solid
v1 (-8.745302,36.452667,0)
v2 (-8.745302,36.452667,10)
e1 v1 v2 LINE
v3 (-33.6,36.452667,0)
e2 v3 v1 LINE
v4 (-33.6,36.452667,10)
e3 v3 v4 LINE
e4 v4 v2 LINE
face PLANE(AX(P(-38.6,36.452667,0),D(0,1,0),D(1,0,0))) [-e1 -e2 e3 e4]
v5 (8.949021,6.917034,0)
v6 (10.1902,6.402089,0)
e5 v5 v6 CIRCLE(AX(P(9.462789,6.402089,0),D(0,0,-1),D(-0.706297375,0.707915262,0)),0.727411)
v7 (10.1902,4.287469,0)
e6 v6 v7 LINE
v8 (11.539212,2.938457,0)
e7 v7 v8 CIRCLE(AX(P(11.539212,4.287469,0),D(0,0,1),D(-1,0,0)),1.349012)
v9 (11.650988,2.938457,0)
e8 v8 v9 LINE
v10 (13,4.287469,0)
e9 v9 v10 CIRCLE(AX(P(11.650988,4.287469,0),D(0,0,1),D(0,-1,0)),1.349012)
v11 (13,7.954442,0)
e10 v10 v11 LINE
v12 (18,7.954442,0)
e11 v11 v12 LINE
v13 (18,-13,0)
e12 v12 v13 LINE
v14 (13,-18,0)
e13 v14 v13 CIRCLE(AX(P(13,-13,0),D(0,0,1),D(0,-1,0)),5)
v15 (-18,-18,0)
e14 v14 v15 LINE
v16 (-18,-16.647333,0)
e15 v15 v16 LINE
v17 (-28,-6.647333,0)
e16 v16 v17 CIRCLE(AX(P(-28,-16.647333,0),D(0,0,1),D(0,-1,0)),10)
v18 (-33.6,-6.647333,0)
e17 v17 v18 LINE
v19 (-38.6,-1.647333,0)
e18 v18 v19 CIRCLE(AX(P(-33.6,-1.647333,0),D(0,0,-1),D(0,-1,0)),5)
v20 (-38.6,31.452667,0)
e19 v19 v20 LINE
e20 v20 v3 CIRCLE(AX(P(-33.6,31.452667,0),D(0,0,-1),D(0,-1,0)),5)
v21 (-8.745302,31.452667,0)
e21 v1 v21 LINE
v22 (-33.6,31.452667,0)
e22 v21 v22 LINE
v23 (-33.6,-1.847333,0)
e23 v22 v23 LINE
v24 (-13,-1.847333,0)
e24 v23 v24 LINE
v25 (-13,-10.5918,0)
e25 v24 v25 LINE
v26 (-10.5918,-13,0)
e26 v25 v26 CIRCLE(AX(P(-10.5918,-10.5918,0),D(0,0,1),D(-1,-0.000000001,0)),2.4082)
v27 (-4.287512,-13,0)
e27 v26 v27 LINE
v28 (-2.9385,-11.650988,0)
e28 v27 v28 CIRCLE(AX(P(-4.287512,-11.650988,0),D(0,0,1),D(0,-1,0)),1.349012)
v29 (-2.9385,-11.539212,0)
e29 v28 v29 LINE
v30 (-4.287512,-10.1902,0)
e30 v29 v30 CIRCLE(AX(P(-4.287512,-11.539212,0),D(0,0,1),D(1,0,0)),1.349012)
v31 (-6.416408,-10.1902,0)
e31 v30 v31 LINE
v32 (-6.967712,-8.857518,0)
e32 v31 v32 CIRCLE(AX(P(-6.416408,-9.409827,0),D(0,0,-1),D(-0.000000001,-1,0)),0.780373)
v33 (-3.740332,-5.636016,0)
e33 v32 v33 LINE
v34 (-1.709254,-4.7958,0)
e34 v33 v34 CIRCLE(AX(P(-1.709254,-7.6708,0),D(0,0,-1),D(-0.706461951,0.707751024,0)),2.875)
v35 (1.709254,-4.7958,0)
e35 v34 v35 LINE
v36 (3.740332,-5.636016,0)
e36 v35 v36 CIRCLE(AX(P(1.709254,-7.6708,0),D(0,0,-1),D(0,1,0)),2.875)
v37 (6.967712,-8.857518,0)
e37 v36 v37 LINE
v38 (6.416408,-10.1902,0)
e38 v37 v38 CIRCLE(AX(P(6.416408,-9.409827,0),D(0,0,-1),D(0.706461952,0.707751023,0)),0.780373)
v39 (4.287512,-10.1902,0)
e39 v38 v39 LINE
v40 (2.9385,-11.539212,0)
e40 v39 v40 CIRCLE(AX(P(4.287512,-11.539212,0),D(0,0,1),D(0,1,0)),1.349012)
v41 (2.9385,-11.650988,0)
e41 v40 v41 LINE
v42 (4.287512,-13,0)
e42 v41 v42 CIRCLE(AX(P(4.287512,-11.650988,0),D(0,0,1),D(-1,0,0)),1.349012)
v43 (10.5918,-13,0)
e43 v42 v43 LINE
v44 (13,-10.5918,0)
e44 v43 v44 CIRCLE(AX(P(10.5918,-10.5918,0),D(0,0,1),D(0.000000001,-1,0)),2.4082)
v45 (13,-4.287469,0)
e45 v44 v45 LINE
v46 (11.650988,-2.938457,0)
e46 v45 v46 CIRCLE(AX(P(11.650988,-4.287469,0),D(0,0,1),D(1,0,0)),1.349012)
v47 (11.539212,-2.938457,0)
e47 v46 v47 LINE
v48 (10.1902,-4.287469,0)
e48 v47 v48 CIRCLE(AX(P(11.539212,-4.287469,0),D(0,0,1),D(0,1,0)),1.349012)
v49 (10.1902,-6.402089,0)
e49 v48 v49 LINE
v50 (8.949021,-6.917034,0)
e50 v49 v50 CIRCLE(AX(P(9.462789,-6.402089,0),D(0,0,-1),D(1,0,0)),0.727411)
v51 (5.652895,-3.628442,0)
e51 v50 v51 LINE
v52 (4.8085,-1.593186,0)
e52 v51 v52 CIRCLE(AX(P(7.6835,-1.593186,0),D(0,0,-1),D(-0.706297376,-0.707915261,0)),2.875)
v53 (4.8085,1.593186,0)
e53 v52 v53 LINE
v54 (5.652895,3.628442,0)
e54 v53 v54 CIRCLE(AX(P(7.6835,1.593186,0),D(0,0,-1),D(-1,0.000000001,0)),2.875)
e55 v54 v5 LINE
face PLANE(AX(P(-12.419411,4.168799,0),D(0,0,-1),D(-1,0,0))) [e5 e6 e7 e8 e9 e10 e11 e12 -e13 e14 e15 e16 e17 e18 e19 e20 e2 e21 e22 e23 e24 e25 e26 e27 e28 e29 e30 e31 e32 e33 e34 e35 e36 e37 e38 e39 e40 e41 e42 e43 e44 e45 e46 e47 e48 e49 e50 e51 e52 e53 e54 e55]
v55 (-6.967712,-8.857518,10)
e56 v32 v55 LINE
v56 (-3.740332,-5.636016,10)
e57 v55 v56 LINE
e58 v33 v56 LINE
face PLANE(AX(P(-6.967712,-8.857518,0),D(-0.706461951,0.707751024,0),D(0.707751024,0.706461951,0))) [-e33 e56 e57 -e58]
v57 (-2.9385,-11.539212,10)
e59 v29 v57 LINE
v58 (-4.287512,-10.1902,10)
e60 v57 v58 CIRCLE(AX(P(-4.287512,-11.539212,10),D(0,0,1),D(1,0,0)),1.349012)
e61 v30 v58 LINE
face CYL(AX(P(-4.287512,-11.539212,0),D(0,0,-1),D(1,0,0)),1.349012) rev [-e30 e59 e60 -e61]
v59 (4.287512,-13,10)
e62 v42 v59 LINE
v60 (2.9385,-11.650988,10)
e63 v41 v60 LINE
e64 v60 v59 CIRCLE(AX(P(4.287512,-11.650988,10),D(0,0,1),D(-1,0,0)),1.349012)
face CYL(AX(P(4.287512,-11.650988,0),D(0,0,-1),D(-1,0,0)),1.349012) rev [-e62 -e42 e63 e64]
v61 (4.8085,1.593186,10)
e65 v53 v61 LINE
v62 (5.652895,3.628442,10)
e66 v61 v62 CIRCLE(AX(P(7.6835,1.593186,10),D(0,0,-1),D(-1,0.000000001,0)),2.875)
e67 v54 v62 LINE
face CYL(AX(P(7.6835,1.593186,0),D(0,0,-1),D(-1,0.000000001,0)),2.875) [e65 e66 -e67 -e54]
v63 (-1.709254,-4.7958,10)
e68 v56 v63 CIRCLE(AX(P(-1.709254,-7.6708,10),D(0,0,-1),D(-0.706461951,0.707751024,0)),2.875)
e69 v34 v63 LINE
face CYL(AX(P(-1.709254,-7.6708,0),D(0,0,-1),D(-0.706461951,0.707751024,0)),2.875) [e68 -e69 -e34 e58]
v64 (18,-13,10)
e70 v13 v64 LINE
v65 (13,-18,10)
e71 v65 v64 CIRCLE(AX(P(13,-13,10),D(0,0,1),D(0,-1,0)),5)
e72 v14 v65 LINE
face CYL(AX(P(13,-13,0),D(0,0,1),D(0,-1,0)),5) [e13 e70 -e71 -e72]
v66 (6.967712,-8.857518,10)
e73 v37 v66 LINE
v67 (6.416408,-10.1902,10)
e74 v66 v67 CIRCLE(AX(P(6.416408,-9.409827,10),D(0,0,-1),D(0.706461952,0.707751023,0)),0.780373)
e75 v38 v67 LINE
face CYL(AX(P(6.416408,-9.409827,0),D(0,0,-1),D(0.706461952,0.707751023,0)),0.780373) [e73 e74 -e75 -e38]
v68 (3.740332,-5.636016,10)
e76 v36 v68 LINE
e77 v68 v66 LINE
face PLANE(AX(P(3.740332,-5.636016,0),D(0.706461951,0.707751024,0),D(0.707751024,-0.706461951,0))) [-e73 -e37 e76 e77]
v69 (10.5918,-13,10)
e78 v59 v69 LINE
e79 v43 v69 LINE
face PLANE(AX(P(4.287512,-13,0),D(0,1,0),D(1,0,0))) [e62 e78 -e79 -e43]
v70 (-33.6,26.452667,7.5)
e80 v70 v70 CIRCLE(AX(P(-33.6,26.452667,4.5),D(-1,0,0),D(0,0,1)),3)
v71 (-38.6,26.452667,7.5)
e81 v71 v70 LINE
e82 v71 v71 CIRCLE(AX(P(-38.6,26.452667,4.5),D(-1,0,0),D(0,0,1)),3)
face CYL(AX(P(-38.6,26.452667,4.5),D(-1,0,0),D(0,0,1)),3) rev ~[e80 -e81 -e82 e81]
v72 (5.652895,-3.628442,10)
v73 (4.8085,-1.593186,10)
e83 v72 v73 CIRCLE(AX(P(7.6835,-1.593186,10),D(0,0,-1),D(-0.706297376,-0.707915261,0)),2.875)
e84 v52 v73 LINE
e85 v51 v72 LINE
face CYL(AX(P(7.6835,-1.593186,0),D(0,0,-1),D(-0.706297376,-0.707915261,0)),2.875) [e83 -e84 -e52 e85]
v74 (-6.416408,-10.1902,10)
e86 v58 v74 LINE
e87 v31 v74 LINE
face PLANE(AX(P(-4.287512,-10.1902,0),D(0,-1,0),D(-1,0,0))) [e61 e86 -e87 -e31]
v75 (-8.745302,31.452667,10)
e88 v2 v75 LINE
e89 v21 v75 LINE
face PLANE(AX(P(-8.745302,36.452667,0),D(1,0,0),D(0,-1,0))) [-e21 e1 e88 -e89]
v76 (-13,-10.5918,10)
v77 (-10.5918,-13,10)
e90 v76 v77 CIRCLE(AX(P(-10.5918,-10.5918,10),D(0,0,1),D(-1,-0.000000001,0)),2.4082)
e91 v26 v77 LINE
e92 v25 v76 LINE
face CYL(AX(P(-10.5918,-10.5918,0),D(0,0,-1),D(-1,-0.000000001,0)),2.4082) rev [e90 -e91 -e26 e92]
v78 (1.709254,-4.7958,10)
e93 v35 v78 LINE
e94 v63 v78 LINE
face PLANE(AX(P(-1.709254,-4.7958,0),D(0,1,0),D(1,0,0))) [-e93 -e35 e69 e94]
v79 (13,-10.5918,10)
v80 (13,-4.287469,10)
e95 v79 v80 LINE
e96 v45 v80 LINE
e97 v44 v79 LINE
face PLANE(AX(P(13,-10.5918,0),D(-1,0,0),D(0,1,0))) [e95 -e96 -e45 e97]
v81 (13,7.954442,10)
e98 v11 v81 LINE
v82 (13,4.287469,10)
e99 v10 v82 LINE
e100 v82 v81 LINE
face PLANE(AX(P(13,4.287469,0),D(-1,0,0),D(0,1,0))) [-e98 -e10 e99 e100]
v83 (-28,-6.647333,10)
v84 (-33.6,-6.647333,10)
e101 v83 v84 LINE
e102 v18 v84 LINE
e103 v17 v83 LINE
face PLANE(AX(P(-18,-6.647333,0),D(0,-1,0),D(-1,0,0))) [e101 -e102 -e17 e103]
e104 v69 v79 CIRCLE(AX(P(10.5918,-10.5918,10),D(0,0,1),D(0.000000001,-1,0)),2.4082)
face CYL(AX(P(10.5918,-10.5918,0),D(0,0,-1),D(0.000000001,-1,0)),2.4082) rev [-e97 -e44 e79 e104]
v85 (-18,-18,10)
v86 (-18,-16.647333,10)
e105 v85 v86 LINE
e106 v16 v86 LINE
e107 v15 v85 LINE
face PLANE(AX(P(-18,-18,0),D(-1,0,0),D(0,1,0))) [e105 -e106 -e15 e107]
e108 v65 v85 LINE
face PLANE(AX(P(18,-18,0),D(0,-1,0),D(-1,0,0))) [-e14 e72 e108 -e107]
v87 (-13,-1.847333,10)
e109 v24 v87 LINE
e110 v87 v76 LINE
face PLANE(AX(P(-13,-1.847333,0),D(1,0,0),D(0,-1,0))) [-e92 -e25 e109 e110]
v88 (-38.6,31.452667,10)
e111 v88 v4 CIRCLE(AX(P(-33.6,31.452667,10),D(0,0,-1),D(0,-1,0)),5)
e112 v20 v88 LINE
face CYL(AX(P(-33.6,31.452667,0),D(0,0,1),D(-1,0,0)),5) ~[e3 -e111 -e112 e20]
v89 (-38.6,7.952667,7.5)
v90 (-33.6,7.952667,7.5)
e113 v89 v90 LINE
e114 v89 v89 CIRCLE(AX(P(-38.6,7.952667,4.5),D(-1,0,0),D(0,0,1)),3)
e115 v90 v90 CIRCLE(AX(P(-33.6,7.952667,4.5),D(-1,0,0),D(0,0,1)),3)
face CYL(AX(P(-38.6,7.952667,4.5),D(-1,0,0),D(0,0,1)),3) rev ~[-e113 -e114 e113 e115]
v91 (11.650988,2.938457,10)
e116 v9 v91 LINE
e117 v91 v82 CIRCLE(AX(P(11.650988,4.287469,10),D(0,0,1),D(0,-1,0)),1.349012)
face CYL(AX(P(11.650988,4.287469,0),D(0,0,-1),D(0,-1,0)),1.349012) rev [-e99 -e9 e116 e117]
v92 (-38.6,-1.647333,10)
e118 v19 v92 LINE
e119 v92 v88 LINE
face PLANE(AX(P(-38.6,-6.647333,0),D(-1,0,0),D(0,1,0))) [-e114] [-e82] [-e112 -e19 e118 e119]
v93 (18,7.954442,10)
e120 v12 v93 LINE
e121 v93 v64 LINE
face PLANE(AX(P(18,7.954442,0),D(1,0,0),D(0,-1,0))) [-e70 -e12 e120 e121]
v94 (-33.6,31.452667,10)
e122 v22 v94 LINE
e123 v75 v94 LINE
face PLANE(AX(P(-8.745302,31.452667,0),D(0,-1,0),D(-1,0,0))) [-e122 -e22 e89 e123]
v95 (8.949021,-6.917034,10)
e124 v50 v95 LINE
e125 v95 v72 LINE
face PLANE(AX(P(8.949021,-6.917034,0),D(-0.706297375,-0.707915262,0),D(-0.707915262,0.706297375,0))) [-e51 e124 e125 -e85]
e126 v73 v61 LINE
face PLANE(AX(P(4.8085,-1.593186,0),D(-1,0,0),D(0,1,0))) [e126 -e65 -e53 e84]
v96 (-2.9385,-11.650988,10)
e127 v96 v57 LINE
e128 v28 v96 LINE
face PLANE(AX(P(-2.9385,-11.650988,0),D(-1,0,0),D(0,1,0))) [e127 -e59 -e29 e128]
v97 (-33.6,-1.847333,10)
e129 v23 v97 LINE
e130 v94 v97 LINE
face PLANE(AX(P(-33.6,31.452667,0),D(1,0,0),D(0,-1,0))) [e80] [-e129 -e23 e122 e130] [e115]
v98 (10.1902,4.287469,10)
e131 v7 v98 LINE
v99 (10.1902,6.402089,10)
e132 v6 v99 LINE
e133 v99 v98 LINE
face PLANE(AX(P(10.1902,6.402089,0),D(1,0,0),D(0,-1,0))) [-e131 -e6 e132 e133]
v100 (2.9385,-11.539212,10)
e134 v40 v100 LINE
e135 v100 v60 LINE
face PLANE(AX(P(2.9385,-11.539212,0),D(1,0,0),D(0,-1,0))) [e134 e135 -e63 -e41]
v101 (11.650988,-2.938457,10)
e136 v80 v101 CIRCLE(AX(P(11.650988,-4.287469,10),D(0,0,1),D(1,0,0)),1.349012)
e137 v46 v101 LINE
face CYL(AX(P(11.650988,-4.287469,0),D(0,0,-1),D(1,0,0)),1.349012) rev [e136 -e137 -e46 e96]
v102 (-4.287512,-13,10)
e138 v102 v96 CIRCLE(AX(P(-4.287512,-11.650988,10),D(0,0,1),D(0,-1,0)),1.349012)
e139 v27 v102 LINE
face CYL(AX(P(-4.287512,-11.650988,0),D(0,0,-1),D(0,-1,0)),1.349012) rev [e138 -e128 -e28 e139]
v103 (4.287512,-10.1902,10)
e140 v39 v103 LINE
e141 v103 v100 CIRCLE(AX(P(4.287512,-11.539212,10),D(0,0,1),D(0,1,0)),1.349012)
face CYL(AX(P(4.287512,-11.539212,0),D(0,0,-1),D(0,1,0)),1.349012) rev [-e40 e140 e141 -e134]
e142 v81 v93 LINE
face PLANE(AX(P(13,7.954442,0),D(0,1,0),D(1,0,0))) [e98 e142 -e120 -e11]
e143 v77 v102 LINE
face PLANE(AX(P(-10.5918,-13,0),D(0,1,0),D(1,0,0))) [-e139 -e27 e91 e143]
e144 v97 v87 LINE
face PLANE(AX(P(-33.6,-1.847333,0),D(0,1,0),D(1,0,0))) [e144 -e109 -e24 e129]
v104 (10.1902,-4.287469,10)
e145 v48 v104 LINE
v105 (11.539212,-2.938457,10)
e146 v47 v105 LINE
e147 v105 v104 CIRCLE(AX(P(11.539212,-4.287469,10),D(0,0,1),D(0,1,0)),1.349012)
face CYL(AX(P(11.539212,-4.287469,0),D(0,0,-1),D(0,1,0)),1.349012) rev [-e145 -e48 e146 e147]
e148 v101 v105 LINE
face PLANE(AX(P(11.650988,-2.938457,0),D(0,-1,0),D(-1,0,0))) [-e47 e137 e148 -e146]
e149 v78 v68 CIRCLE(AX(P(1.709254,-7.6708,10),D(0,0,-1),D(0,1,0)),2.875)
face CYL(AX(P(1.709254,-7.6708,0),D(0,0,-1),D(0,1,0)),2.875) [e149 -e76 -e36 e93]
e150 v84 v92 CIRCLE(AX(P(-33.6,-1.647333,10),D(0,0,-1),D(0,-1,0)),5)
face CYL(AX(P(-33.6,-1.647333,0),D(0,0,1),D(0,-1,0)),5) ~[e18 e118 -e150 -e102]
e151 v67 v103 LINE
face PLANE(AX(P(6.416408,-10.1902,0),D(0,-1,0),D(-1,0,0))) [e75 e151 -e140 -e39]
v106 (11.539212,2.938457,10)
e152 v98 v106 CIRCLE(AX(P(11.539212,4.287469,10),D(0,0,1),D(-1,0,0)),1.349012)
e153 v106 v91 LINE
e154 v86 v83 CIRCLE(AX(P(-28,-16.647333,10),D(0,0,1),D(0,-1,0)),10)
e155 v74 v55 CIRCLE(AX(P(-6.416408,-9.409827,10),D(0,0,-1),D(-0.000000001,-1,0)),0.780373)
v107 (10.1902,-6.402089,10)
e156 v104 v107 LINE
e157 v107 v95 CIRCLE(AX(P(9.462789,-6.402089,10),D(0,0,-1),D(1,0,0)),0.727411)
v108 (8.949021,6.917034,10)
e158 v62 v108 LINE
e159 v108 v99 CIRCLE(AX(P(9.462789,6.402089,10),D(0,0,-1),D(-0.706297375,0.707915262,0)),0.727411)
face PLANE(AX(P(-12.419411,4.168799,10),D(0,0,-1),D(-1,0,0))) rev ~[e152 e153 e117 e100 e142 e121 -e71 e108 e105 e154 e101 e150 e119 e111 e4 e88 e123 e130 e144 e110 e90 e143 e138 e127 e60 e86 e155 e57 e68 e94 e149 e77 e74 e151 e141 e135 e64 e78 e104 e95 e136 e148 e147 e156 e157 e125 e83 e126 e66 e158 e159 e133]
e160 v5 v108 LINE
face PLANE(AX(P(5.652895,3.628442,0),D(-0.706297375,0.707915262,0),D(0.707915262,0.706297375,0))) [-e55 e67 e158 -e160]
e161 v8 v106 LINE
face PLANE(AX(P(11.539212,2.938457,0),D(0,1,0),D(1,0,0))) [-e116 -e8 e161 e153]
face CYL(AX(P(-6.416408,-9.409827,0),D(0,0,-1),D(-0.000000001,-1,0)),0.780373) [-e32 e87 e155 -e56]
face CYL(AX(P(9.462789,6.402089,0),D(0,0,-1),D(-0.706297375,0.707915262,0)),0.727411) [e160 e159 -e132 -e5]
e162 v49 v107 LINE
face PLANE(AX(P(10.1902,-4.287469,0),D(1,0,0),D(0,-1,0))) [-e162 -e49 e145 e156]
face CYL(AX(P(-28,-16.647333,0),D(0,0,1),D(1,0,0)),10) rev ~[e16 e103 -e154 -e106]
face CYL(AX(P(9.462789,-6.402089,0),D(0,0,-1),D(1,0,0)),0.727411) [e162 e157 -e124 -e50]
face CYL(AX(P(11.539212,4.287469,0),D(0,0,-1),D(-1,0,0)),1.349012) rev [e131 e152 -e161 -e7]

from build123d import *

# Parameters (mm, degrees)
BOSS_EXTRUDE1_DEPTH = 10
CUT_EXTRUDE1_REACH  = 70.061
SKETCH2_R           = 3
FILLET1_R           = 10
FILLET2_R           = 5


with BuildPart() as part:
    # Sketch1 → Boss-Extrude1 (new body)
    with BuildSketch(Plane.XY):
        with BuildLine():
            Line((-10.5918, -13), (-4.305880552, -13))
            Line((-4.305880552, -13), (-4.287512407, -13))
            ThreePointArc((-4.287512407, -13), (-3.333616586, -12.604883414), (-2.9385, -11.650987593))
            Line((-2.9385, -11.650987593), (-2.9385, -11.539212407))
            ThreePointArc((-2.9385, -11.539212407), (-3.333616586, -10.585316586), (-4.287512407, -10.1902))
            Line((-4.287512407, -10.1902), (-6.416408329, -10.1902))
            ThreePointArc((-6.416408329, -10.1902), (-7.137514675, -9.708134418), (-6.967711912, -8.857517813))
            Line((-6.967711912, -8.857517813), (-3.740331666, -5.636015806))
            ThreePointArc((-3.740331666, -5.636015806), (-2.808257752, -5.01414519), (-1.709253557, -4.7958))
            Line((-1.709253557, -4.7958), (1.709253557, -4.7958))
            ThreePointArc((1.709253557, -4.7958), (2.808257752, -5.01414519), (3.740331666, -5.636015806))
            Line((3.740331666, -5.636015806), (6.967711912, -8.857517813))
            ThreePointArc((6.967711912, -8.857517813), (7.137514675, -9.708134418), (6.416408329, -10.1902))
            Line((6.416408329, -10.1902), (4.287512407, -10.1902))
            ThreePointArc((4.287512407, -10.1902), (3.333616586, -10.585316586), (2.9385, -11.539212407))
            Line((2.9385, -11.539212407), (2.9385, -11.650987593))
            ThreePointArc((2.9385, -11.650987593), (3.333616586, -12.604883414), (4.287512407, -13))
            Line((4.287512407, -13), (5.321597603, -13))
            Line((5.321597603, -13), (10.5918, -13))
            ThreePointArc((10.5918, -13), (12.29465455, -12.29465455), (13, -10.5918))
            Line((13, -10.5918), (13, -5.3170836))
            Line((13, -5.3170836), (13, -4.287469289))
            ThreePointArc((13, -4.287469289), (12.604883414, -3.333573468), (11.650987593, -2.938456882))
            Line((11.650987593, -2.938456882), (11.539212407, -2.938456882))
            ThreePointArc((11.539212407, -2.938456882), (10.585316586, -3.333573468), (10.1902, -4.287469289))
            Line((10.1902, -4.287469289), (10.1902, -6.402089023))
            ThreePointArc((10.1902, -6.402089023), (9.74154152, -7.073969797), (8.94902056, -6.917034355))
            Line((8.94902056, -6.917034355), (5.652895046, -3.628441884))
            ThreePointArc((5.652895046, -3.628441884), (5.027976112, -2.694919539), (4.8085, -1.593185507))
            Line((4.8085, -1.593185507), (4.8085, 1.593185507))
            ThreePointArc((4.8085, 1.593185507), (5.027976112, 2.694919539), (5.652895046, 3.628441884))
            Line((5.652895046, 3.628441884), (8.94902056, 6.917034355))
            ThreePointArc((8.94902056, 6.917034355), (9.74154152, 7.073969797), (10.1902, 6.402089023))
            Line((10.1902, 6.402089023), (10.1902, 4.287469289))
            ThreePointArc((10.1902, 4.287469289), (10.585316586, 3.333573468), (11.539212407, 2.938456882))
            Line((11.539212407, 2.938456882), (11.650987593, 2.938456882))
            ThreePointArc((11.650987593, 2.938456882), (12.604883414, 3.333573468), (13, 4.287469289))
            Line((13, 4.287469289), (13, 5.3170836))
            Line((13, 5.3170836), (13, 7.9544418))
            Line((13, 7.9544418), (18, 7.9544418))
            Line((18, 7.9544418), (18, -18))
            Line((18, -18), (-18, -18))
            Line((-18, -18), (-18, -6.6473334))
            Line((-18, -6.6473334), (-38.6, -6.6473334))
            Line((-38.6, -6.6473334), (-38.6, 36.4526666))
            Line((-38.6, 36.4526666), (-8.745302284, 36.4526666))
            Line((-8.745302284, 36.4526666), (-8.745302284, 31.4526666))
            Line((-8.745302284, 31.4526666), (-33.6, 31.4526666))
            Line((-33.6, 31.4526666), (-33.6, -1.8473334))
            Line((-33.6, -1.8473334), (-13, -1.8473334))
            Line((-13, -1.8473334), (-13, -4.287469289))
            Line((-13, -4.287469289), (-13, -10.5918))
            ThreePointArc((-13, -10.5918), (-12.29465455, -12.29465455), (-10.5918, -13))
        make_face()
    extrude(amount=BOSS_EXTRUDE1_DEPTH)

    # Sketch2 → Cut-Extrude1 (cut, up to next)
    with BuildSketch(Plane.ZY.offset(38.6), mode=Mode.PRIVATE) as cut_extrude1_sk1:
        with Locations((4.5, 26.4526666)):
            Circle(SKETCH2_R)
    cut_extrude1_tool1 = extrude(cut_extrude1_sk1.sketch, amount=-CUT_EXTRUDE1_REACH, mode=Mode.PRIVATE) & part.part
    # Sketch2 → Cut-Extrude1 (cut, up to next)
    with BuildSketch(Plane.ZY.offset(38.6), mode=Mode.PRIVATE) as cut_extrude1_sk2:
        with Locations((4.5, 7.9526666)):
            Circle(SKETCH2_R)
    cut_extrude1_tool2 = extrude(cut_extrude1_sk2.sketch, amount=-CUT_EXTRUDE1_REACH, mode=Mode.PRIVATE) & part.part
    add(cut_extrude1_tool1.solids().sort_by_distance((-38.6, 26.452667, 4.5))[0], mode=Mode.SUBTRACT)
    add(cut_extrude1_tool2.solids().sort_by_distance((-38.6, 7.952667, 4.5))[0], mode=Mode.SUBTRACT)

    # Fillet1
    fillet1_edges = [part.edges().sort_by_distance(p)[0] for p in [
        (-18, -6.6473334, 5),
    ]]
    fillet(fillet1_edges, radius=FILLET1_R)

    # Fillet2
    fillet2_edges = [part.edges().sort_by_distance(p)[0] for p in [
        (18, -18, 5),
        (-38.6, -6.6473334, 5),
        (-38.6, 36.4526666, 5),
    ]]
    fillet(fillet2_edges, radius=FILLET2_R)


solid = part.part
